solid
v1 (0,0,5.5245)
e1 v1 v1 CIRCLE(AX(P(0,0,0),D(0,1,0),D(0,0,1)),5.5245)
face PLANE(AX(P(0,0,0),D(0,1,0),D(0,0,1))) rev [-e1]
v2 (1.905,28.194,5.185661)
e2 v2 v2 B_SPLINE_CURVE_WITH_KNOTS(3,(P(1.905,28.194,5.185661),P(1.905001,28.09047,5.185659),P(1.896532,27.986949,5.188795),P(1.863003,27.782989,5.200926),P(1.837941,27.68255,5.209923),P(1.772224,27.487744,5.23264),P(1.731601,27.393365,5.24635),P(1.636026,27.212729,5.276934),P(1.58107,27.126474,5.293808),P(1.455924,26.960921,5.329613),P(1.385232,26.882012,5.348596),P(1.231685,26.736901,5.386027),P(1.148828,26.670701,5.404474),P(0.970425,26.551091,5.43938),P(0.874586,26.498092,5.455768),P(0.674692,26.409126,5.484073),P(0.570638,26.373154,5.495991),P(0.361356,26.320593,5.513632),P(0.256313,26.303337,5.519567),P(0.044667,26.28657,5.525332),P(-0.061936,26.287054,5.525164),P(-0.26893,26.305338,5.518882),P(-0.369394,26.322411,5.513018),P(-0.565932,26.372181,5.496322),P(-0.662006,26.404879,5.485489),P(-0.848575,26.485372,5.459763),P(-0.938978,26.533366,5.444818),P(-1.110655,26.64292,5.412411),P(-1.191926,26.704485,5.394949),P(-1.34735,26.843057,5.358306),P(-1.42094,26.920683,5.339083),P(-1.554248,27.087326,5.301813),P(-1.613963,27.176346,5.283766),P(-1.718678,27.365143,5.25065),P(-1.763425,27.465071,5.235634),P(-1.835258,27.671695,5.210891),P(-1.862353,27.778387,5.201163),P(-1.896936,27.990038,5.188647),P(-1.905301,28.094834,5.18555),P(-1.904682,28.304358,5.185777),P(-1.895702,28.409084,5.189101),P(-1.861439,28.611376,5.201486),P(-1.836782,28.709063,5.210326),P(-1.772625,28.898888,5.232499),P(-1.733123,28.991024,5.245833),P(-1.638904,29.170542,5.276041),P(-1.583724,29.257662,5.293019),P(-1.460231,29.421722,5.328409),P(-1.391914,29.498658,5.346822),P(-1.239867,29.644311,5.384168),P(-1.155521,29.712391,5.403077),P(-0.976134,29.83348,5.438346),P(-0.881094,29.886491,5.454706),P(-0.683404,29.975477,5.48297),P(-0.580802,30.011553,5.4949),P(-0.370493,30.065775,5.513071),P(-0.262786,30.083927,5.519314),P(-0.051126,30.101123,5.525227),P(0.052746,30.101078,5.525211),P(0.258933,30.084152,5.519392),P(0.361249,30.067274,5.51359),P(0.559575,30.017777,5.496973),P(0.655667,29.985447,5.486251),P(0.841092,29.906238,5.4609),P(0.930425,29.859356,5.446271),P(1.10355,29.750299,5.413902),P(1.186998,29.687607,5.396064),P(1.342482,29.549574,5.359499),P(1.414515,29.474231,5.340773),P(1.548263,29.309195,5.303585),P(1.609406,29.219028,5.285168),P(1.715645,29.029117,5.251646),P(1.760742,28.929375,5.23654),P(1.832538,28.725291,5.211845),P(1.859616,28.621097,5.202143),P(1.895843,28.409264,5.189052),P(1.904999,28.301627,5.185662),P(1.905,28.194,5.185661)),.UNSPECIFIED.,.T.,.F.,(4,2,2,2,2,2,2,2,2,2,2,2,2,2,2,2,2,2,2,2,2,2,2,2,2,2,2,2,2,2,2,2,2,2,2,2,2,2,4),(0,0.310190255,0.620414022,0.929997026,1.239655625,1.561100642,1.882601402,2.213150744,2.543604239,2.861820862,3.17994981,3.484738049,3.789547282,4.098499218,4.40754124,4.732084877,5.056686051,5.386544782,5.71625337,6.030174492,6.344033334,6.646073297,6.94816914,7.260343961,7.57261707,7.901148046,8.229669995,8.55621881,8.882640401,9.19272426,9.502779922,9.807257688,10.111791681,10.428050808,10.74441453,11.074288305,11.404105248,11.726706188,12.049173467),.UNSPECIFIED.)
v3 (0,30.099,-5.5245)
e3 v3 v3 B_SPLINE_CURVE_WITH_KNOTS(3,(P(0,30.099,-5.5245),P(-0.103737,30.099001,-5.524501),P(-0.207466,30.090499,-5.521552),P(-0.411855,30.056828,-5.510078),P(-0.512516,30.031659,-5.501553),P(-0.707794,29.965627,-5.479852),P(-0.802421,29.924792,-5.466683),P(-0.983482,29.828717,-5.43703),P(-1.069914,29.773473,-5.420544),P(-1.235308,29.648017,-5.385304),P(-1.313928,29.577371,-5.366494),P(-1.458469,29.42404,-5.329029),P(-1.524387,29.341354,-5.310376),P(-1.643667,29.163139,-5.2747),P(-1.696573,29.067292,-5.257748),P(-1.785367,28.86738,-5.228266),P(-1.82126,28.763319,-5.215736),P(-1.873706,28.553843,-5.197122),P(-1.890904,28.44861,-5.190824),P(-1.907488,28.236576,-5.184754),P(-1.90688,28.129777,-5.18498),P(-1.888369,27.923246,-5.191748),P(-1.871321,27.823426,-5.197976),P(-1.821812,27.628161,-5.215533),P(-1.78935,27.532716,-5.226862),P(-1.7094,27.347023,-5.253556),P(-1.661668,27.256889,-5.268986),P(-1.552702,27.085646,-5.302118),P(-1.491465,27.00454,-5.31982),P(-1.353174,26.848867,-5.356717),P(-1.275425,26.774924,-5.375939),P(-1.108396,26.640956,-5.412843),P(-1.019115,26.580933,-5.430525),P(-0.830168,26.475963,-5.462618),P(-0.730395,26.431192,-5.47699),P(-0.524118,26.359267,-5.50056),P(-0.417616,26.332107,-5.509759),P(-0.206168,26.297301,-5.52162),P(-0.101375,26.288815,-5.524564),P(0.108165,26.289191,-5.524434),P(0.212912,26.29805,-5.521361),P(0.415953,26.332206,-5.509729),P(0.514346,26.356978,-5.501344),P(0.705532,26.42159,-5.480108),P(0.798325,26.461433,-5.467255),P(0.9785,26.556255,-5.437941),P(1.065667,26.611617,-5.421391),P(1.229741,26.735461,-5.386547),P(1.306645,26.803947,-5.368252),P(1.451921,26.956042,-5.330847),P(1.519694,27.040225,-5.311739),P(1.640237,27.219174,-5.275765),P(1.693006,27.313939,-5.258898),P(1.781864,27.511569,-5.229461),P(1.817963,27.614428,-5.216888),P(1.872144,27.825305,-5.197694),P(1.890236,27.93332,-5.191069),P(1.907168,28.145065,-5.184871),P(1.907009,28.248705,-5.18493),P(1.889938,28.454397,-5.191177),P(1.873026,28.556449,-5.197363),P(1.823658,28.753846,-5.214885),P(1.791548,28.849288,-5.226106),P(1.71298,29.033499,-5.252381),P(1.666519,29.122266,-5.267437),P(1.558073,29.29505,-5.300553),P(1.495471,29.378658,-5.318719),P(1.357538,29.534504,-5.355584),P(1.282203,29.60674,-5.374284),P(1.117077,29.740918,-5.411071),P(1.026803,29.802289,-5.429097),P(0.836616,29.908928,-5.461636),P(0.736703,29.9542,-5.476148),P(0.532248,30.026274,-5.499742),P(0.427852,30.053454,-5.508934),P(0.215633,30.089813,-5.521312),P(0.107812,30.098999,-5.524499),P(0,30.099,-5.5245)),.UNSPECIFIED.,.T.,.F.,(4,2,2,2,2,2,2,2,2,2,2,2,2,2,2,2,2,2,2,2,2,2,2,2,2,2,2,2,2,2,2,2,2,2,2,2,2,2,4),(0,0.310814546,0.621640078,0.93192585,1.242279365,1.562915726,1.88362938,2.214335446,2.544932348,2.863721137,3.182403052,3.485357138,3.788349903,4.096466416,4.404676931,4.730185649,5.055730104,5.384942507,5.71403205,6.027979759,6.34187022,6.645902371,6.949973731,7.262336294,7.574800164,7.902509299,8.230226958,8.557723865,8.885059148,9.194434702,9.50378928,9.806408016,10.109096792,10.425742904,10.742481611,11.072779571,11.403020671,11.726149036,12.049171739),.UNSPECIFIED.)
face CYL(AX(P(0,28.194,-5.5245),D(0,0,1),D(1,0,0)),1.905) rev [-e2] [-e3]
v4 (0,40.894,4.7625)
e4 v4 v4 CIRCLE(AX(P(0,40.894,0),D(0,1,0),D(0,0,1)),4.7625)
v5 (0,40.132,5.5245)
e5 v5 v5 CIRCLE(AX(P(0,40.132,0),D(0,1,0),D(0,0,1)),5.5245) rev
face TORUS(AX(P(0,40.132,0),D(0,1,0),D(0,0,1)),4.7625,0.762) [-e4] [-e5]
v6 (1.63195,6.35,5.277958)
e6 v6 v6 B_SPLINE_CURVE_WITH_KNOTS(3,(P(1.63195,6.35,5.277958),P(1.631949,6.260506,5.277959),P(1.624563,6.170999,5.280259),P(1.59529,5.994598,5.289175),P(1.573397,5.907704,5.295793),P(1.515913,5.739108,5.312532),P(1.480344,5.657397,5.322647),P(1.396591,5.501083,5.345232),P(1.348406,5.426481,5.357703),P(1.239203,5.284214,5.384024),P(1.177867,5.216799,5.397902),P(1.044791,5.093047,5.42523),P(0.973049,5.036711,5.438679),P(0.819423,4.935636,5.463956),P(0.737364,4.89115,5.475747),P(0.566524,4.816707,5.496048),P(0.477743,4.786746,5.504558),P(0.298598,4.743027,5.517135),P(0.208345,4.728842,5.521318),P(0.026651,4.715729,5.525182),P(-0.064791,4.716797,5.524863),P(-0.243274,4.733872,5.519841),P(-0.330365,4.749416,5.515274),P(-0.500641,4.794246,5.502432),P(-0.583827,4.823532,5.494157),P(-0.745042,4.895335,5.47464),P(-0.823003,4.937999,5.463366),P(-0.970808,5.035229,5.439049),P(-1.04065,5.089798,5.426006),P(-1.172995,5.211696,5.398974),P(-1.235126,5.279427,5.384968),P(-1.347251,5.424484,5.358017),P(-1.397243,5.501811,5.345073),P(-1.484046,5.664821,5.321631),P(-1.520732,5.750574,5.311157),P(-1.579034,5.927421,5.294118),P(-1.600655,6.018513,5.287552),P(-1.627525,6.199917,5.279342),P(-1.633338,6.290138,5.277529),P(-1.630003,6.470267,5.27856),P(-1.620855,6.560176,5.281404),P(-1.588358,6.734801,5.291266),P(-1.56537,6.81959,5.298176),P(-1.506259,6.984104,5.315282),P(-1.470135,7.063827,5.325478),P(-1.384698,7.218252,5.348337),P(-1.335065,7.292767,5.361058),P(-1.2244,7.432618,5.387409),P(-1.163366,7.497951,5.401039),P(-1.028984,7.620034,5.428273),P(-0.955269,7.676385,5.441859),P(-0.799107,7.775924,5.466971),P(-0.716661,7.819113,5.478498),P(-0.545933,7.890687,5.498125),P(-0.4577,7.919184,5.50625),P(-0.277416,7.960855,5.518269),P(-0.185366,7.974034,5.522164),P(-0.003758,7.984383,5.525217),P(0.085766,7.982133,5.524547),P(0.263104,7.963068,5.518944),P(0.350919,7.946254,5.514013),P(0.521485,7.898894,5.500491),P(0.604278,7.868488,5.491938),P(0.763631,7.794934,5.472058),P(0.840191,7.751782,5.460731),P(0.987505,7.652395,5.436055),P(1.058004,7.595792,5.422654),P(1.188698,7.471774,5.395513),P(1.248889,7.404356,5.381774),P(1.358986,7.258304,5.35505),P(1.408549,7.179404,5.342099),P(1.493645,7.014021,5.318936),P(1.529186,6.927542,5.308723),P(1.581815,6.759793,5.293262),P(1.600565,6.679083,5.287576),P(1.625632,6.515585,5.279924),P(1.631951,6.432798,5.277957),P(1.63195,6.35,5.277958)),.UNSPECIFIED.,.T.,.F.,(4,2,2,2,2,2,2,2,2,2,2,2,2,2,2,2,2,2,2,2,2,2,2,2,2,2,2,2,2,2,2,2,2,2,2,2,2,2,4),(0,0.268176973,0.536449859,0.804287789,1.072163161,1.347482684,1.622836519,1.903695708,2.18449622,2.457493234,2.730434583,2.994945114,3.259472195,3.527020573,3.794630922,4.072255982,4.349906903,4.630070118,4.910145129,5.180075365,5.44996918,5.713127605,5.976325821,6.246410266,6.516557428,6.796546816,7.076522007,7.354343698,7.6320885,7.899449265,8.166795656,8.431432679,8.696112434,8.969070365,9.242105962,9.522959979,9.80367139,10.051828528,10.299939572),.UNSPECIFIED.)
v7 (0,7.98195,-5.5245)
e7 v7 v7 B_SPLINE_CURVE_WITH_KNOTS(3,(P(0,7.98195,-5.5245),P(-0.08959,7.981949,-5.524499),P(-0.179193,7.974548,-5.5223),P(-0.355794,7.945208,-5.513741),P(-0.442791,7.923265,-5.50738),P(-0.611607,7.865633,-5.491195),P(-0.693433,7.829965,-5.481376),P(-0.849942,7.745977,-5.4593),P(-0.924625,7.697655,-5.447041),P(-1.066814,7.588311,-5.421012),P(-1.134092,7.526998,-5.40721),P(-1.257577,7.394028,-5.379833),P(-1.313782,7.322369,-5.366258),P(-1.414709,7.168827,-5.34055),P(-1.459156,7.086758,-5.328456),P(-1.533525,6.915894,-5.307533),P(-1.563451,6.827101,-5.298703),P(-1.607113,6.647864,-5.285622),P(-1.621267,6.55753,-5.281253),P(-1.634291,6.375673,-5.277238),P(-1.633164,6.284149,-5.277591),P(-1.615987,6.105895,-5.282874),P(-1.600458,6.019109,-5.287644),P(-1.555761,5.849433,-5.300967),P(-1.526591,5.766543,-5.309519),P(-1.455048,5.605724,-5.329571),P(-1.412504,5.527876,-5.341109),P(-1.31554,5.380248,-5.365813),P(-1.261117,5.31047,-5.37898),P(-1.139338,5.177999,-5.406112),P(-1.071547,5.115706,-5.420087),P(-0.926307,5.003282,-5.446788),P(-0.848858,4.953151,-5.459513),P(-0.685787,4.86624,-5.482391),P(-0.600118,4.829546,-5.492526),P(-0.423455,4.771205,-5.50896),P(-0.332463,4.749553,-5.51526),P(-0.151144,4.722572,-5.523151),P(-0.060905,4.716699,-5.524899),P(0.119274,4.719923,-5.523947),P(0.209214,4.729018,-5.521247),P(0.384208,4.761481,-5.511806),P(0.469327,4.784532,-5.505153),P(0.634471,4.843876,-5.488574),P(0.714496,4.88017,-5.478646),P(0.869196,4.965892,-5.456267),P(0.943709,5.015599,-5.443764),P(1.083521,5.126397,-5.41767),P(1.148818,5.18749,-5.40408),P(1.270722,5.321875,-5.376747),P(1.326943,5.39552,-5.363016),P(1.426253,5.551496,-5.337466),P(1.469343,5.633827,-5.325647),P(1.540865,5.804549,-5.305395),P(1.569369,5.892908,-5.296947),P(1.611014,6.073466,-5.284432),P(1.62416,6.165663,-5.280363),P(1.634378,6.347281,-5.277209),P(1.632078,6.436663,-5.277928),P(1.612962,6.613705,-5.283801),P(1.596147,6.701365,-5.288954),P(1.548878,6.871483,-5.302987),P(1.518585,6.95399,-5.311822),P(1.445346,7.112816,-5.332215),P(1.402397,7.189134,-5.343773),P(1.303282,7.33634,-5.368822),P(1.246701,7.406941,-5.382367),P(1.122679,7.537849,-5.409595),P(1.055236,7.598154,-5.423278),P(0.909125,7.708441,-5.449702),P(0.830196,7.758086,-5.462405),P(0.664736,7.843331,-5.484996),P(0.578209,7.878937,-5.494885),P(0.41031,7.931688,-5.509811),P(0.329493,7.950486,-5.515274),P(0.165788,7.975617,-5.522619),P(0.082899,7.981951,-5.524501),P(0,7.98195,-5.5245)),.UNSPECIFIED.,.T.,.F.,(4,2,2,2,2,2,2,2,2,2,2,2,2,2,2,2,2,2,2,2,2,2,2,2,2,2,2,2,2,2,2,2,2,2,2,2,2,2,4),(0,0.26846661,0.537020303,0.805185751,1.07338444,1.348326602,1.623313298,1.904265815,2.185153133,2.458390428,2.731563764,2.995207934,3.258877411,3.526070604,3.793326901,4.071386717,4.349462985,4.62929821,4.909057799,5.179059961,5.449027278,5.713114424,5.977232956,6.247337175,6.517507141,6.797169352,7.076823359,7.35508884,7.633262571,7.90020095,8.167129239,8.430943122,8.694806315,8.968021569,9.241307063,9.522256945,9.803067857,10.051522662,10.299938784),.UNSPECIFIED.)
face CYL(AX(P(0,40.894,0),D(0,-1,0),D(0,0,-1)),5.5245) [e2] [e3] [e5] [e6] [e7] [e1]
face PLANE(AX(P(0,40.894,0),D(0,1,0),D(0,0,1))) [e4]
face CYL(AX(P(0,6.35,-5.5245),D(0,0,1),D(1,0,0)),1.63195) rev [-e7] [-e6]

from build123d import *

# Parameters (mm, degrees)
SKETCH1_R               = 5.5245
BOSS_EXTRUDE1_DEPTH     = 40.894
SKETCH2_R               = 1.905
SKETCH2_R_2             = 1.63195
CUT_EXTRUDE1_DEPTH      = 6.5245
CUT_EXTRUDE1_DEPTH_BACK = 6.5245
FILLET1_R               = 0.762


with BuildPart() as part:
    # Sketch1 → Boss-Extrude1 (new body)
    with BuildSketch(Plane(origin=(0, 0, 0), x_dir=(1, 0, 0), z_dir=(0, 1, 0))):
        Circle(SKETCH1_R)
    extrude(amount=BOSS_EXTRUDE1_DEPTH)

    # Sketch2 → Cut-Extrude1 (cut, two sides)
    with BuildSketch(Plane.XY) as cut_extrude1_sk:
        with Locations((0, 28.194)):
            Circle(SKETCH2_R)
        with Locations((0, 6.35)):
            Circle(SKETCH2_R_2)
    extrude(amount=CUT_EXTRUDE1_DEPTH, mode=Mode.SUBTRACT)
    extrude(cut_extrude1_sk.sketch, amount=-CUT_EXTRUDE1_DEPTH_BACK, mode=Mode.SUBTRACT)

    # Fillet1
    fillet1_edges = [part.edges().sort_by_distance(p)[0] for p in [
        (-5.5245, 40.894, 0),
    ]]
    fillet(fillet1_edges, radius=FILLET1_R)


solid = part.part
